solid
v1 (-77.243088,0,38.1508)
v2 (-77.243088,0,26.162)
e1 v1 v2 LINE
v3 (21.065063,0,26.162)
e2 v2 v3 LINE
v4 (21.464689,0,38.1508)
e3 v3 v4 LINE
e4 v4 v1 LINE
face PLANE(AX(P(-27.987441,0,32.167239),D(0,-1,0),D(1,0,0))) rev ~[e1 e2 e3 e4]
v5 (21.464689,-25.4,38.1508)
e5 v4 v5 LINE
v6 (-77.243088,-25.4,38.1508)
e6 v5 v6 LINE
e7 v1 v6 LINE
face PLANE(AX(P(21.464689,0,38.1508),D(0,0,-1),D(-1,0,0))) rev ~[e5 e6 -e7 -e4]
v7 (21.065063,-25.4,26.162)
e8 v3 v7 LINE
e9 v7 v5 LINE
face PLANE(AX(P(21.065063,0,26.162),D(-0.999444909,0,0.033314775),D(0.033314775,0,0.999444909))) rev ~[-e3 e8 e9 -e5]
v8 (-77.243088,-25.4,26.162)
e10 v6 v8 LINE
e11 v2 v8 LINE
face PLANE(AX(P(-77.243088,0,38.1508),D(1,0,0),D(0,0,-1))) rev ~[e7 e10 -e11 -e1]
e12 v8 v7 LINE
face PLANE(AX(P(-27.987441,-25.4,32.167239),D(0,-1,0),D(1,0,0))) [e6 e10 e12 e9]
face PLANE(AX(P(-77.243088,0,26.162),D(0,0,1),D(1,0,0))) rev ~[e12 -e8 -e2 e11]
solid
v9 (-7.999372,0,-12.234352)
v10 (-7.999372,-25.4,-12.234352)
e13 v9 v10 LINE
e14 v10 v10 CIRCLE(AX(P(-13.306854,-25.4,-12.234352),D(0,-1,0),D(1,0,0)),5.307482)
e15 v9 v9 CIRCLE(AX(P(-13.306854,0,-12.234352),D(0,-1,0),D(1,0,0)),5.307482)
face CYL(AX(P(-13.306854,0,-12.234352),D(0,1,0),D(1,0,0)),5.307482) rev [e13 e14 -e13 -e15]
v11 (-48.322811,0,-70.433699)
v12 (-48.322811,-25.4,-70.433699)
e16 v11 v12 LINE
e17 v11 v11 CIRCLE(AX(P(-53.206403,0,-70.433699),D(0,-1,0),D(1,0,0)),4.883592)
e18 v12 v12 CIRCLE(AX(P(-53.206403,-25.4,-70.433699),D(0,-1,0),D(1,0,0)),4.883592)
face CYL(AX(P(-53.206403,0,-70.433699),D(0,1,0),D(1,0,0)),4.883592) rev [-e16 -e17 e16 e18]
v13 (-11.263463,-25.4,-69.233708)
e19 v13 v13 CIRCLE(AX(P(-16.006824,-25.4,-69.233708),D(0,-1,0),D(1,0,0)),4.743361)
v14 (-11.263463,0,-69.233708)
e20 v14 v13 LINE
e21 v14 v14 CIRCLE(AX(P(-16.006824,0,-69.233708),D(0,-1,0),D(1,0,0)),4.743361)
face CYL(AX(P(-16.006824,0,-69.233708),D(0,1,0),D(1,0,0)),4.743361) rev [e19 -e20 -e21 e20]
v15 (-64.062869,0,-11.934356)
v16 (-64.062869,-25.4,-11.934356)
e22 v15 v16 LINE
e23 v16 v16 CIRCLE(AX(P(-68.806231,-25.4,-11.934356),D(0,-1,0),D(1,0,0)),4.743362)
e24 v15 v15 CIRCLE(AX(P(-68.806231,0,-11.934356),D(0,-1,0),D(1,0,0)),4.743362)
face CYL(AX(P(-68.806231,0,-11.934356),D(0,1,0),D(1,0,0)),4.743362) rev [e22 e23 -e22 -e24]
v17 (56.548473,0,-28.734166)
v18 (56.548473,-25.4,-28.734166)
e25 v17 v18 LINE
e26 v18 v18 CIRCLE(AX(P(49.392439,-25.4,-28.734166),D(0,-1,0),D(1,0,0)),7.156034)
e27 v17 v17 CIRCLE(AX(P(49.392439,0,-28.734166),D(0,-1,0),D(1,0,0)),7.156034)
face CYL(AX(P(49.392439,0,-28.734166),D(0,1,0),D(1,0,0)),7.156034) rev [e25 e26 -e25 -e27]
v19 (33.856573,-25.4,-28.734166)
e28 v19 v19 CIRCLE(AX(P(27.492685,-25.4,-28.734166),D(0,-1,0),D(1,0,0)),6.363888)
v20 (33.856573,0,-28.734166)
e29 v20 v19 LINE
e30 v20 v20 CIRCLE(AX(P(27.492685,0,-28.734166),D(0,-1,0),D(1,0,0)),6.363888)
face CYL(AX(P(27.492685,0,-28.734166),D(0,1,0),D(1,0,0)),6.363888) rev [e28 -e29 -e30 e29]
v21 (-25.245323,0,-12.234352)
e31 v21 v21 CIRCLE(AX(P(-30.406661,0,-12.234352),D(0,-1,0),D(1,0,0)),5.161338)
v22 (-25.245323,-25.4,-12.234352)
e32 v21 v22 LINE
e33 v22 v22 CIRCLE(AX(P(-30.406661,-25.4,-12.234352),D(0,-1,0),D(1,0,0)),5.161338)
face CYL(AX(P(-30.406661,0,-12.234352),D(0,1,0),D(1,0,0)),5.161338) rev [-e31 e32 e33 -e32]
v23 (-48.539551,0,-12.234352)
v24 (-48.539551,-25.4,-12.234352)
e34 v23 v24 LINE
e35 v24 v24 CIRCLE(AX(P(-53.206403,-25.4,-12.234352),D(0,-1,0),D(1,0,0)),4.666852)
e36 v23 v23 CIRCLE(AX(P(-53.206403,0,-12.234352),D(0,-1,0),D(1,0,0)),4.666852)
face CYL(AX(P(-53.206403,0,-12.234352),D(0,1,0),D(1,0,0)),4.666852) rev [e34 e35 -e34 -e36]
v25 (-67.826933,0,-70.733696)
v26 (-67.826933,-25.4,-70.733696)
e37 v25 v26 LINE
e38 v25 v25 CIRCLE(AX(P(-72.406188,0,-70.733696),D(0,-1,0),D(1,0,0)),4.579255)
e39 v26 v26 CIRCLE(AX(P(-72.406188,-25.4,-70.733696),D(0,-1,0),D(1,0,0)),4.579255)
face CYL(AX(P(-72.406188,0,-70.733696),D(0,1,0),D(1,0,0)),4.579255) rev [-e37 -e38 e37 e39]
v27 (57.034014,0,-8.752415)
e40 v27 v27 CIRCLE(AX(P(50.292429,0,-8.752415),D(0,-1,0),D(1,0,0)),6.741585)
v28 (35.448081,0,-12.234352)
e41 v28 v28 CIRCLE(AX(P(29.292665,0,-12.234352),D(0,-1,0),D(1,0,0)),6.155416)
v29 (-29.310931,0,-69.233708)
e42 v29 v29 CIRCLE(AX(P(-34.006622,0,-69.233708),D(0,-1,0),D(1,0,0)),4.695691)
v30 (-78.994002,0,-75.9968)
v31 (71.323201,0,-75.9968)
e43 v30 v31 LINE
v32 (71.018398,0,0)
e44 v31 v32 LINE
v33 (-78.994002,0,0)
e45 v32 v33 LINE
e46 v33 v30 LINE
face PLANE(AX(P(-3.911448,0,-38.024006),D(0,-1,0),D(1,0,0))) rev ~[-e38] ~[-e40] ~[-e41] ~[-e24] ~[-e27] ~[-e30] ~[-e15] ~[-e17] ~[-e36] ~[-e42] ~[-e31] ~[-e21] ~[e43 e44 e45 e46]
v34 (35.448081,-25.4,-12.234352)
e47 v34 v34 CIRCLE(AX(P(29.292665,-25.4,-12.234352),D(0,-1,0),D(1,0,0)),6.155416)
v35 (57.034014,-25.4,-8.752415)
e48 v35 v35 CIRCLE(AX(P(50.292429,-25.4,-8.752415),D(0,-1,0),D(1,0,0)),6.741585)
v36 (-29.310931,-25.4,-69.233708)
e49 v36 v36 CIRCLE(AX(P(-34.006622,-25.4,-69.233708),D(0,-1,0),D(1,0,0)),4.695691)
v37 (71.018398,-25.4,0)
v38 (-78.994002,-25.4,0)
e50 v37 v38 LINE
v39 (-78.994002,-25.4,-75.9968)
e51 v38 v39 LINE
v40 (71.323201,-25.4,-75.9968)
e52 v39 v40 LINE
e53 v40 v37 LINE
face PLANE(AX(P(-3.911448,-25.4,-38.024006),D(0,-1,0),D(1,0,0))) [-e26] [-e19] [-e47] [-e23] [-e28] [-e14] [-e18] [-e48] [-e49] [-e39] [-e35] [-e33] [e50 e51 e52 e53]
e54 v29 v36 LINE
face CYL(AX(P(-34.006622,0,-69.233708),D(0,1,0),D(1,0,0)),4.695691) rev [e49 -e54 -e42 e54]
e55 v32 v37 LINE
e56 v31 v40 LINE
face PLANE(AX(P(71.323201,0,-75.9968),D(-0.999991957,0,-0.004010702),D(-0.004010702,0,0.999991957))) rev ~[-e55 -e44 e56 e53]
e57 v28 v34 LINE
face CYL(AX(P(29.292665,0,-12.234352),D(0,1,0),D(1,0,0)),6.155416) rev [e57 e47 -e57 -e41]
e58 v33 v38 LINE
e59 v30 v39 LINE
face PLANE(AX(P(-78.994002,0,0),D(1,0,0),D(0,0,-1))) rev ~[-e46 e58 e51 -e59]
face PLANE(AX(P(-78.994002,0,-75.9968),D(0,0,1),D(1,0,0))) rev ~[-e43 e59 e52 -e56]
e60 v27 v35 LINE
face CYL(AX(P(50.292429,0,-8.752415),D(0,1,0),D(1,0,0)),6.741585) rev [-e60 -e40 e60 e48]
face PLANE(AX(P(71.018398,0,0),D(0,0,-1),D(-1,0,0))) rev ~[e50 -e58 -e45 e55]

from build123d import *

# Parameters (mm, degrees)
F0_R     = 4.579255
F0_R_2   = 4.883592
F0_R_3   = 4.695691
F0_R_4   = 4.743361
F0_R_5   = 6.363888
F0_R_6   = 7.156034
F0_R_7   = 4.743362
F0_R_8   = 4.666852
F0_R_9   = 5.161338
F0_R_10  = 5.307482
F0_R_11  = 6.155416
F0_R_12  = 6.741585
F1_DEPTH = 25.4


with BuildPart() as f1:
    # F0 (on Front) → F1 (new body)
    with BuildSketch(Plane.XZ):
        Polygon((21.464689, 38.1508), (-77.243088, 38.1508), (-77.243088, 26.162), (21.065063, 26.162), align=None)
        Polygon((71.018398, 0), (-78.994002, 0), (-78.994002, -75.9968), (71.323201, -75.9968), align=None)
        with Locations((-72.406188, -70.733696)):
            Circle(F0_R, mode=Mode.SUBTRACT)
        with Locations((-53.206403, -70.433699)):
            Circle(F0_R_2, mode=Mode.SUBTRACT)
        with Locations((-34.006622, -69.233708)):
            Circle(F0_R_3, mode=Mode.SUBTRACT)
        with Locations((-16.006824, -69.233708)):
            Circle(F0_R_4, mode=Mode.SUBTRACT)
        with Locations((27.492685, -28.734166)):
            Circle(F0_R_5, mode=Mode.SUBTRACT)
        with Locations((49.392439, -28.734166)):
            Circle(F0_R_6, mode=Mode.SUBTRACT)
        with Locations((-68.806231, -11.934356)):
            Circle(F0_R_7, mode=Mode.SUBTRACT)
        with Locations((-53.206403, -12.234352)):
            Circle(F0_R_8, mode=Mode.SUBTRACT)
        with Locations((-30.406661, -12.234352)):
            Circle(F0_R_9, mode=Mode.SUBTRACT)
        with Locations((-13.306854, -12.234352)):
            Circle(F0_R_10, mode=Mode.SUBTRACT)
        with Locations((29.292665, -12.234352)):
            Circle(F0_R_11, mode=Mode.SUBTRACT)
        with Locations((50.292429, -8.752415)):
            Circle(F0_R_12, mode=Mode.SUBTRACT)
    extrude(amount=F1_DEPTH)


solid = f1.part
